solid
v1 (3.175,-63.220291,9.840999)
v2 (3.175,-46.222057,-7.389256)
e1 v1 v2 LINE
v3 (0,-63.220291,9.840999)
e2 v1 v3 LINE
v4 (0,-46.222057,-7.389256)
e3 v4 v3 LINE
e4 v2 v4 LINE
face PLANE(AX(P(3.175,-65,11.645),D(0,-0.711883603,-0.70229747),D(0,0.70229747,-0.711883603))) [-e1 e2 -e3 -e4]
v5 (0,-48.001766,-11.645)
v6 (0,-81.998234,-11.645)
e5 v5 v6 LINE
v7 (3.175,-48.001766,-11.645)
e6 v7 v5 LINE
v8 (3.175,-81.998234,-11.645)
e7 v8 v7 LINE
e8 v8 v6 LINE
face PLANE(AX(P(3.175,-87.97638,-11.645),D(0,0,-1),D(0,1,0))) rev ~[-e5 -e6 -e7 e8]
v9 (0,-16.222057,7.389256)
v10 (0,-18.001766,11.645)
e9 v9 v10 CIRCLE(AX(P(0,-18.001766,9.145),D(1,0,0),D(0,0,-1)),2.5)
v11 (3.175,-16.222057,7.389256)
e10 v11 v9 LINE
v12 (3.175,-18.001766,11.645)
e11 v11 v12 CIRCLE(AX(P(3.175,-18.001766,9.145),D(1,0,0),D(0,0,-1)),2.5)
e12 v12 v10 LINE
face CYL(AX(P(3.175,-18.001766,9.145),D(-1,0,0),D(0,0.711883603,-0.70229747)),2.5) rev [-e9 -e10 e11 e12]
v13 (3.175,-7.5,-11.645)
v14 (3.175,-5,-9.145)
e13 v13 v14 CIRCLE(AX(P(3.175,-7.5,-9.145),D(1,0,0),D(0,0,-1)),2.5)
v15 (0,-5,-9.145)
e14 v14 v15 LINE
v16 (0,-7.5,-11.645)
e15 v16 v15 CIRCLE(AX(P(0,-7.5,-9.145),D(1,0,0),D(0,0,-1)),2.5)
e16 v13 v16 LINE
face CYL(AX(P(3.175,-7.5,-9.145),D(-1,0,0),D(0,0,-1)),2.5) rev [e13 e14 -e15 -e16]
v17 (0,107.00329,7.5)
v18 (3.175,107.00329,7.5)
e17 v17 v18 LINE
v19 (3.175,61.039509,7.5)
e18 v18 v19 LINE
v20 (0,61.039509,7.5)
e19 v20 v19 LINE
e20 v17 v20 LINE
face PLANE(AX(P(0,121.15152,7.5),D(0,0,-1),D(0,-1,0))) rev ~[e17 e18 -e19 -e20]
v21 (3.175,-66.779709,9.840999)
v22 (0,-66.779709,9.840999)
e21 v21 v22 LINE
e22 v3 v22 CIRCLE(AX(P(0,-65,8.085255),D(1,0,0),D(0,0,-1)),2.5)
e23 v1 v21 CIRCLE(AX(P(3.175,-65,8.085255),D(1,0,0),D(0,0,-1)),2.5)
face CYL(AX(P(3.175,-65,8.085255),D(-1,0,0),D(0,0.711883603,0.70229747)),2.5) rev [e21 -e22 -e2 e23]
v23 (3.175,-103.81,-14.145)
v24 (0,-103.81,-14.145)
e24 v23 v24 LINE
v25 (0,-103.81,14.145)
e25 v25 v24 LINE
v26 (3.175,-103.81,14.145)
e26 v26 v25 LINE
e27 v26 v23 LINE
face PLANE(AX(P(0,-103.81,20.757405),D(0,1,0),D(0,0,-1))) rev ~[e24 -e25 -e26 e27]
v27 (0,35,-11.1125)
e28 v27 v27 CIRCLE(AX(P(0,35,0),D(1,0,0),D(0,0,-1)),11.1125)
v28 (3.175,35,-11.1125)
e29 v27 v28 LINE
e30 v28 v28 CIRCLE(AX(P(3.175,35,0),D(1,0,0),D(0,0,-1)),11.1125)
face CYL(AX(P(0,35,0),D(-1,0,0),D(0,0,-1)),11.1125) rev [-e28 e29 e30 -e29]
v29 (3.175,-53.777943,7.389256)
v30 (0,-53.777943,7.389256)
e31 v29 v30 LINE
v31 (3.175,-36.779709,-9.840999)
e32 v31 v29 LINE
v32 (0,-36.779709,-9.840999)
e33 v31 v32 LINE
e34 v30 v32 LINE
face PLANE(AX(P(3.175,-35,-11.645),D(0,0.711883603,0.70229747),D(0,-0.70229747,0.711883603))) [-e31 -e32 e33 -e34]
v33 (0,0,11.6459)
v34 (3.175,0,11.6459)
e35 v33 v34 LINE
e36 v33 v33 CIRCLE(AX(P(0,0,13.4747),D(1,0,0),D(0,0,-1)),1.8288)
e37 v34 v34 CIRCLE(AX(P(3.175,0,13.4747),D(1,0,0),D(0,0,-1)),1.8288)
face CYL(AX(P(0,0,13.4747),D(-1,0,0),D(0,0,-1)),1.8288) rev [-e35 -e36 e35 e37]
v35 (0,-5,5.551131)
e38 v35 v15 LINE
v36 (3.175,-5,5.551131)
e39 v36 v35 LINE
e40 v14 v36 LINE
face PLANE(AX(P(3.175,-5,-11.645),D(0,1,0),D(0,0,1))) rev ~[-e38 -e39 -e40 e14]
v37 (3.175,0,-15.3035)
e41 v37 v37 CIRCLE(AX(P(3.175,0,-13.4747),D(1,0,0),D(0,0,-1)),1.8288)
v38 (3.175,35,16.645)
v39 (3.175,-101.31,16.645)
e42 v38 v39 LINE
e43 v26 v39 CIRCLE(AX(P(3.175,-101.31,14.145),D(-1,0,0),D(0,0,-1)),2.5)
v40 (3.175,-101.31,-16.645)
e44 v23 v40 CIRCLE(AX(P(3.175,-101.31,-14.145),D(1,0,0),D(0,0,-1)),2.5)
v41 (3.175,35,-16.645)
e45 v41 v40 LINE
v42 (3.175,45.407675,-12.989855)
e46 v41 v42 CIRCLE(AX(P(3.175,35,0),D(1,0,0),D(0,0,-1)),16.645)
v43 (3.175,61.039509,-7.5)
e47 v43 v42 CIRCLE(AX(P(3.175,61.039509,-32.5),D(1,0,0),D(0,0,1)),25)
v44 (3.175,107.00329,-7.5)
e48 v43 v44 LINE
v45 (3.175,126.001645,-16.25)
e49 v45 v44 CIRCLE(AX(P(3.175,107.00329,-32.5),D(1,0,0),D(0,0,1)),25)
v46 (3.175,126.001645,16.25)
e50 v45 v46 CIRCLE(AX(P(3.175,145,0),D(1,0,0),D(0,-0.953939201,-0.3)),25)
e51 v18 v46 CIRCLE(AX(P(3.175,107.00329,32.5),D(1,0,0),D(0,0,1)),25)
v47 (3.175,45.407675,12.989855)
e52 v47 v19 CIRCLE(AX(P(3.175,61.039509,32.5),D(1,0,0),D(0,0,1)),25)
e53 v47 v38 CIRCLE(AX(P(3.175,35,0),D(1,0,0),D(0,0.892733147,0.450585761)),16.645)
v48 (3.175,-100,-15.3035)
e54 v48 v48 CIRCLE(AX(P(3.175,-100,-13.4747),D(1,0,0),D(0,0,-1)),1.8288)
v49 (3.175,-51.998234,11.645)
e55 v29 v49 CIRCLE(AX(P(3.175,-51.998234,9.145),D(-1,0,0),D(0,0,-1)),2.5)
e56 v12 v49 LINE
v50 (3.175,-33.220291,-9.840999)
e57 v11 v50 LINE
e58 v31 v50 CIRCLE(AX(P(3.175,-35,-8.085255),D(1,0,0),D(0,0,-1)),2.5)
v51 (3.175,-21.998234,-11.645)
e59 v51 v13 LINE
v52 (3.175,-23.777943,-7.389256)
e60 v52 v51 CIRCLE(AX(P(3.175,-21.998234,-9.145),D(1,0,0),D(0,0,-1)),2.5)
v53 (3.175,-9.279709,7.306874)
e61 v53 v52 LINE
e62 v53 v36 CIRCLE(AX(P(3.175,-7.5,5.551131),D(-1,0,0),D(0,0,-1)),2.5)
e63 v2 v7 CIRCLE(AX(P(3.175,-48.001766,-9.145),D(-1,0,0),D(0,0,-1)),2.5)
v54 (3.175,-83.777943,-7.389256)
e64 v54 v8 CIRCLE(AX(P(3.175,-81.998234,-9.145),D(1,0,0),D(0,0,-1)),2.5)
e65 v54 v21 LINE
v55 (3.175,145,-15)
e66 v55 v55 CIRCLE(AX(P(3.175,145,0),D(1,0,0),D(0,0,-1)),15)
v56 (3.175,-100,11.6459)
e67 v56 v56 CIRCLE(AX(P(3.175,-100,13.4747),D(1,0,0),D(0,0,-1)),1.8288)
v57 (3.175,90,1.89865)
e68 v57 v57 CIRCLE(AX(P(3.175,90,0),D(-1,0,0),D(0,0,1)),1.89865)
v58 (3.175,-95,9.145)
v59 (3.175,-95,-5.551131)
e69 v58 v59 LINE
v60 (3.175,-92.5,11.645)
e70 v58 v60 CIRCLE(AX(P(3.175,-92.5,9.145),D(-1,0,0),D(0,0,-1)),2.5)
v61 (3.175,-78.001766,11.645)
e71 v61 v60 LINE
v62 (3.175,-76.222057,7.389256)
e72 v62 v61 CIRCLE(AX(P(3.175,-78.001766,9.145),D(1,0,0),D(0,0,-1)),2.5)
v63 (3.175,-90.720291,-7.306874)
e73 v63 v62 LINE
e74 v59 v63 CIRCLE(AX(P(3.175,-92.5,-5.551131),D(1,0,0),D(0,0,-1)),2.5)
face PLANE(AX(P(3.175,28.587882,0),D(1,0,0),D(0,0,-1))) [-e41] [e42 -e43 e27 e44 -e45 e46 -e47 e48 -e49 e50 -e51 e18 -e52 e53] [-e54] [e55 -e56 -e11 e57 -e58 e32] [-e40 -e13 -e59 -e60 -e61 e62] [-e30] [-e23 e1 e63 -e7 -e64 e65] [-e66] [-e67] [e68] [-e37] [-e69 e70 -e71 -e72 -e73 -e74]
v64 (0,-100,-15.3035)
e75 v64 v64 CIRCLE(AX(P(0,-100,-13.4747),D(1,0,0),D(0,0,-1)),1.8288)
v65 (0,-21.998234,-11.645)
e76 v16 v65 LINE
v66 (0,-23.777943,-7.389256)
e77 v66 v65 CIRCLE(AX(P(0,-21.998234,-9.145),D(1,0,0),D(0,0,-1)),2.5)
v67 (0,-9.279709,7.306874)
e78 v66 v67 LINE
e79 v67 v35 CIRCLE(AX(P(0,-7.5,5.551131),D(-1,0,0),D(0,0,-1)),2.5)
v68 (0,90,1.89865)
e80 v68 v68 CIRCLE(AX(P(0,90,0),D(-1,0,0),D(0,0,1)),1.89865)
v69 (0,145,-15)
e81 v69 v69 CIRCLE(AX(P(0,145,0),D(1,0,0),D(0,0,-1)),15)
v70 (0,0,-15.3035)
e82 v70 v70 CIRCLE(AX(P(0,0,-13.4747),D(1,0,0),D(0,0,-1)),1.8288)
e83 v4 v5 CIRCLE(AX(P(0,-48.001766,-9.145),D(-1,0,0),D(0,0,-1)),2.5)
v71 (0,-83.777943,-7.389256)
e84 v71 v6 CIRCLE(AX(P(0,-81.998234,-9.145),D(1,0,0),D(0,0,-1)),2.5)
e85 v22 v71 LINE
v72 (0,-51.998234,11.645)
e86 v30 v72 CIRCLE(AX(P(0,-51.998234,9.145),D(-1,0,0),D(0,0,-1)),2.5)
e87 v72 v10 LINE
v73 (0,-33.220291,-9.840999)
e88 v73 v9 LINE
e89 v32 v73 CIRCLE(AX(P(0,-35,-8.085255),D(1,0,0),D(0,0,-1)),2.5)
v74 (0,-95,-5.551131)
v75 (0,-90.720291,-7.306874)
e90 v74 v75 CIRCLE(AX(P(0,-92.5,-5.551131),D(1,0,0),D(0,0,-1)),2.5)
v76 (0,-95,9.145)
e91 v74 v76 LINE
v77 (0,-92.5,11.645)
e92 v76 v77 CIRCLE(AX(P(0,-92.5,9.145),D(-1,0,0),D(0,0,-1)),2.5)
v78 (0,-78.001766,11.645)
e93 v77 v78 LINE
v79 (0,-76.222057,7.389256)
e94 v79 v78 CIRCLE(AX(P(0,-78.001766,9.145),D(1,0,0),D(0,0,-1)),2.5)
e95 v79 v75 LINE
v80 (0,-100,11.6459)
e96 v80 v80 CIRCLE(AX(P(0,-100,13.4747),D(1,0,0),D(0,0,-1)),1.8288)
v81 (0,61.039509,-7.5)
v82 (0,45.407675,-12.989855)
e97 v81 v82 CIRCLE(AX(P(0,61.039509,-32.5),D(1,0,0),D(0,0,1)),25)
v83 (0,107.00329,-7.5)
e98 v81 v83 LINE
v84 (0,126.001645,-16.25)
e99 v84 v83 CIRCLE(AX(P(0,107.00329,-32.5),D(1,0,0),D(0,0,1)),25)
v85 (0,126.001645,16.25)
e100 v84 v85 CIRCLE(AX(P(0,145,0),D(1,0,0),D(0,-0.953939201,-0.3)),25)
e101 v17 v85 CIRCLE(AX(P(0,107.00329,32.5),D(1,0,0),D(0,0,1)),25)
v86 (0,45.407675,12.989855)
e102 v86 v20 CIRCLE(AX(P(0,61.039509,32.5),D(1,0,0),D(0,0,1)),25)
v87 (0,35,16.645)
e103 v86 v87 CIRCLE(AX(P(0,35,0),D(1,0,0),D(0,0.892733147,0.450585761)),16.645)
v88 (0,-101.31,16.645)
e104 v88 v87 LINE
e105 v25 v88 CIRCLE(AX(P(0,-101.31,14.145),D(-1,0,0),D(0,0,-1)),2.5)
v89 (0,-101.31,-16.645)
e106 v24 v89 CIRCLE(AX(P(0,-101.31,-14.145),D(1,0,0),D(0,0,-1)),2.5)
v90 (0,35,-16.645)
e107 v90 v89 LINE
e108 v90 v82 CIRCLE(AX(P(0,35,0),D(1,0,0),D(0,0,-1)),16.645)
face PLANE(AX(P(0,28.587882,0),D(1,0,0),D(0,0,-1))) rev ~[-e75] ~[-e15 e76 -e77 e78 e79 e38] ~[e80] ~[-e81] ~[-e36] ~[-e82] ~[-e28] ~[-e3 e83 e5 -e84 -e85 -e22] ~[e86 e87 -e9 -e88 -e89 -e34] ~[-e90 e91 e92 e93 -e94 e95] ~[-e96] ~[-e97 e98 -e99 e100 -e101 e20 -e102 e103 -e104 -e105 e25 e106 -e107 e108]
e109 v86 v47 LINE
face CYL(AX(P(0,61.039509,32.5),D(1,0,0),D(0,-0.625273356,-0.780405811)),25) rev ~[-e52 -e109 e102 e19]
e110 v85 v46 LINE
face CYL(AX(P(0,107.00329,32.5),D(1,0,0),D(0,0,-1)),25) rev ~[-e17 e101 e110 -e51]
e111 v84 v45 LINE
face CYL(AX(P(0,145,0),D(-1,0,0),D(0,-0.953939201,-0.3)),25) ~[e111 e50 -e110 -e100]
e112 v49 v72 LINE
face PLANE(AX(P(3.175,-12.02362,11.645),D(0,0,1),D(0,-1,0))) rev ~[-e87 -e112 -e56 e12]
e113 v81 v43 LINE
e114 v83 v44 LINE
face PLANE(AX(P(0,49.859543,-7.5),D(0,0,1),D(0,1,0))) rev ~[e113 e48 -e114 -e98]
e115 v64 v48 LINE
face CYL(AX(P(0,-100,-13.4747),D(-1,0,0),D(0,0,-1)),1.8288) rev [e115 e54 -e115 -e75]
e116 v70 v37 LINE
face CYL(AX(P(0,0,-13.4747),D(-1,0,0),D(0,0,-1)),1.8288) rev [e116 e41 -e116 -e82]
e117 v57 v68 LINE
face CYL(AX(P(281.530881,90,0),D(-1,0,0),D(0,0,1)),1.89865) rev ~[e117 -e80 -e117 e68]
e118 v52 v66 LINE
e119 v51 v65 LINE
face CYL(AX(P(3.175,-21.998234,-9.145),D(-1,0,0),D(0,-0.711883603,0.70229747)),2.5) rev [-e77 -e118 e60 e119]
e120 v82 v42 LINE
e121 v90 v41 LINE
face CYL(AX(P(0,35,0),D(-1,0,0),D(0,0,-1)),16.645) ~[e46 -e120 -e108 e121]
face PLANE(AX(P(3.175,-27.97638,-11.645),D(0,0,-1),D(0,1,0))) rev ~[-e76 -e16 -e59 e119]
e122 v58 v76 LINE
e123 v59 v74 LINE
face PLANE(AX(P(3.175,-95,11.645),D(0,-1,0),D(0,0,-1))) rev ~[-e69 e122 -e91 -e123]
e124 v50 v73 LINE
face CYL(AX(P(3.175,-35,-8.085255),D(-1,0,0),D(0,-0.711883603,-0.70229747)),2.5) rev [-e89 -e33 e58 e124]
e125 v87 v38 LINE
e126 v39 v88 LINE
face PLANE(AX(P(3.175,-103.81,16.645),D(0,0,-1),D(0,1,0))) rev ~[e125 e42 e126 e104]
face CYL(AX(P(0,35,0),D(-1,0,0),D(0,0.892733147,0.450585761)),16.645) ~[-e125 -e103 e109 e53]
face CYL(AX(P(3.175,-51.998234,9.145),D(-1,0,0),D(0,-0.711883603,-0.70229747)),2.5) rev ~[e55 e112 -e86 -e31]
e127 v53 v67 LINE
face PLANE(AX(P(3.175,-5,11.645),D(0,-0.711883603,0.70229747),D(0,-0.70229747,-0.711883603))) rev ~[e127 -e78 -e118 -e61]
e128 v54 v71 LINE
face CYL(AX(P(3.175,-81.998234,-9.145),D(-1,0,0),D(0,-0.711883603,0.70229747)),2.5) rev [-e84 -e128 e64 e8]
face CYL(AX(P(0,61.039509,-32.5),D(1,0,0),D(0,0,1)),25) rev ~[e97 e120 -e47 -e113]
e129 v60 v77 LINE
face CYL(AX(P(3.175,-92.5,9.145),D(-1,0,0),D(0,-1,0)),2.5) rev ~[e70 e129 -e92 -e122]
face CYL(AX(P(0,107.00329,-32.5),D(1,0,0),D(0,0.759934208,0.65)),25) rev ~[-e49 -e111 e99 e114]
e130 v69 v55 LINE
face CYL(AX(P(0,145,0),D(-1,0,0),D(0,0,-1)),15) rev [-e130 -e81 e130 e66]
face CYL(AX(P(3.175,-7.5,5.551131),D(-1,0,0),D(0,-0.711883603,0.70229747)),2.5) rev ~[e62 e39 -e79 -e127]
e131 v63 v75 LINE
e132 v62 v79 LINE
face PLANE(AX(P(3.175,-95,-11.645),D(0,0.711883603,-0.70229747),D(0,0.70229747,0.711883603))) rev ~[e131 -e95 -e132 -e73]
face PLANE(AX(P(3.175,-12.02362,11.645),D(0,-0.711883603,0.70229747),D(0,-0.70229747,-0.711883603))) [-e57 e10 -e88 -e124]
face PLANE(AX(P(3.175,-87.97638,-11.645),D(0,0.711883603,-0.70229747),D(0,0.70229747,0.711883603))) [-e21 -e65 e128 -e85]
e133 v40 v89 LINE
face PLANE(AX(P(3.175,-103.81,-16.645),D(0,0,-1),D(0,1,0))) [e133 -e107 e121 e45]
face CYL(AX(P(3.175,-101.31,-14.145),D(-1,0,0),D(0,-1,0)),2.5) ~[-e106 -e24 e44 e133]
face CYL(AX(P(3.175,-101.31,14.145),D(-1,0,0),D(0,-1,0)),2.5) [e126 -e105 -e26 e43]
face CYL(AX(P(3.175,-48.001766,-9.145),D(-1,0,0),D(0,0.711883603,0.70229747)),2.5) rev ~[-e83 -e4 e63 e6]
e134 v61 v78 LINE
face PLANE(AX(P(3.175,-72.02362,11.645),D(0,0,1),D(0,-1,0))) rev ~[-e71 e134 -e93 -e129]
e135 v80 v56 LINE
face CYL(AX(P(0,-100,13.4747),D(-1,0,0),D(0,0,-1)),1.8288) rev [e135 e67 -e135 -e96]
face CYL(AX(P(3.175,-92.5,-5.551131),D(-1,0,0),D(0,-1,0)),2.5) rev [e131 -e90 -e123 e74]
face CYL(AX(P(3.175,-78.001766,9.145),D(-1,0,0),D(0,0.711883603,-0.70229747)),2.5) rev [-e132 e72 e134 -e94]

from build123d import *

# Parameters (mm, degrees)
SKETCH1_R             = 15
SKETCH1_R_2           = 1.8288
SKETCH1_R_3           = 11.1125
BOSS_EXTRUDE1_DEPTH   = 3.175
CUT_EXTRUDE1_REACH    = 173.858
SKETCH2_W             = 4.112404804
SKETCH2_H             = 127.6975
FILLET3_R             = 2.5
FILLET4_R             = 25
F_6_CLEARANCE_HOLE1_D = 3.7973


with BuildPart() as part:
    # Sketch1 → Boss-Extrude1 (new body)
    with BuildSketch(Plane(origin=(0, 0, 0), x_dir=(0, 0, -1), z_dir=(1, 0, 0))):
        with BuildLine():
            Line((20.757404804, -103.81), (20.757404804, -5))
            Line((20.757404804, -5), (16.645, 5.681808734))
            Line((16.645, 5.681808734), (16.645, 35))
            ThreePointArc((16.645, 35), (14.175569213, 43.724062271), (7.5, 49.85954323))
            Line((7.5, 49.85954323), (7.5, 121.151519965))
            ThreePointArc((7.5, 121.151519965), (0, 170), (-7.5, 121.151519965))
            Line((-7.5, 121.151519965), (-7.5, 49.85954323))
            ThreePointArc((-7.5, 49.85954323), (-14.175569213, 43.724062271), (-16.645, 35))
            Line((-16.645, 35), (-16.645, 5.681808734))
            Line((-16.645, 5.681808734), (-20.757404804, -5))
            Line((-20.757404804, -5), (-20.757404804, -103.81))
            Line((-20.757404804, -103.81), (20.757404804, -103.81))
        make_face()
        with Locations((0, 145)):
            Circle(SKETCH1_R, mode=Mode.SUBTRACT)
        with Locations((-13.4747, -100)):
            Circle(SKETCH1_R_2, mode=Mode.SUBTRACT)
        with Locations((13.4747, -100)):
            Circle(SKETCH1_R_2, mode=Mode.SUBTRACT)
        with Locations((-13.4747, 0)):
            Circle(SKETCH1_R_2, mode=Mode.SUBTRACT)
        with Locations((13.4747, 0)):
            Circle(SKETCH1_R_2, mode=Mode.SUBTRACT)
        with Locations((0, 35)):
            Circle(SKETCH1_R_3, mode=Mode.SUBTRACT)
    extrude(amount=BOSS_EXTRUDE1_DEPTH)

    # Sketch2 → Cut-Extrude1 (cut, up to next)
    with BuildSketch(Plane(origin=(3.175, 0, 0), x_dir=(0, 0, -1), z_dir=(1, 0, 0)), mode=Mode.PRIVATE) as cut_extrude1_sk1:
        Polygon((11.645, -5), (-11.645, -5), (11.645, -27.976379872), align=None)
    cut_extrude1_tool1 = extrude(cut_extrude1_sk1.sketch, amount=-CUT_EXTRUDE1_REACH, mode=Mode.PRIVATE) & part.part
    # Sketch2 → Cut-Extrude1 (cut, up to next)
    with BuildSketch(Plane(origin=(3.175, 0, 0), x_dir=(0, 0, -1), z_dir=(1, 0, 0)), mode=Mode.PRIVATE) as cut_extrude1_sk2:
        Polygon((-11.645, -12.023620128), (11.645, -35), (-11.645, -57.976379872), (-11.645, -35), align=None)
    cut_extrude1_tool2 = extrude(cut_extrude1_sk2.sketch, amount=-CUT_EXTRUDE1_REACH, mode=Mode.PRIVATE) & part.part
    # Sketch2 → Cut-Extrude1 (cut, up to next)
    with BuildSketch(Plane(origin=(3.175, 0, 0), x_dir=(0, 0, -1), z_dir=(1, 0, 0)), mode=Mode.PRIVATE) as cut_extrude1_sk3:
        Polygon((-11.645, -72.023620128), (-11.645, -95), (11.645, -95), align=None)
    cut_extrude1_tool3 = extrude(cut_extrude1_sk3.sketch, amount=-CUT_EXTRUDE1_REACH, mode=Mode.PRIVATE) & part.part
    # Sketch2 → Cut-Extrude1 (cut, up to next)
    with BuildSketch(Plane(origin=(3.175, 0, 0), x_dir=(0, 0, -1), z_dir=(1, 0, 0)), mode=Mode.PRIVATE) as cut_extrude1_sk4:
        Polygon((11.645, -42.023620128), (11.645, -65), (11.645, -87.976379872), (-11.645, -65), align=None)
    cut_extrude1_tool4 = extrude(cut_extrude1_sk4.sketch, amount=-CUT_EXTRUDE1_REACH, mode=Mode.PRIVATE) & part.part
    # Sketch2 → Cut-Extrude1 (cut, up to next)
    with BuildSketch(Plane(origin=(3.175, 0, 0), x_dir=(0, 0, -1), z_dir=(1, 0, 0)), mode=Mode.PRIVATE) as cut_extrude1_sk5:
        with Locations((-18.701202402, -39.96125)):
            Rectangle(SKETCH2_W, SKETCH2_H)
    cut_extrude1_tool5 = extrude(cut_extrude1_sk5.sketch, amount=-CUT_EXTRUDE1_REACH, mode=Mode.PRIVATE) & part.part
    # Sketch2 → Cut-Extrude1 (cut, up to next)
    with BuildSketch(Plane(origin=(3.175, 0, 0), x_dir=(0, 0, -1), z_dir=(1, 0, 0)), mode=Mode.PRIVATE) as cut_extrude1_sk6:
        with Locations((18.701202402, -39.96125)):
            Rectangle(SKETCH2_W, SKETCH2_H)
    cut_extrude1_tool6 = extrude(cut_extrude1_sk6.sketch, amount=-CUT_EXTRUDE1_REACH, mode=Mode.PRIVATE) & part.part
    add(cut_extrude1_tool1.solids().sort_by_distance((3.175, -12.658793, -3.881667))[0], mode=Mode.SUBTRACT)
    add(cut_extrude1_tool2.solids().sort_by_distance((3.175, -35, 3.881667))[0], mode=Mode.SUBTRACT)
    add(cut_extrude1_tool3.solids().sort_by_distance((3.175, -87.341207, 3.881667))[0], mode=Mode.SUBTRACT)
    add(cut_extrude1_tool4.solids().sort_by_distance((3.175, -65, -3.881667))[0], mode=Mode.SUBTRACT)
    add(cut_extrude1_tool5.solids().sort_by_distance((3.175, -39.96125, 18.701202))[0], mode=Mode.SUBTRACT)
    add(cut_extrude1_tool6.solids().sort_by_distance((3.175, -39.96125, -18.701202))[0], mode=Mode.SUBTRACT)

    # Fillet3
    fillet3_edges = [part.edges().sort_by_distance(p)[0] for p in [
        (1.5875, -103.81, 16.645),
        (1.5875, -12.023620128, 11.645),
        (1.5875, -35, -11.645),
        (1.5875, -57.976379872, 11.645),
        (1.5875, -103.81, -16.645),
        (1.5875, -72.023620128, 11.645),
        (1.5875, -95, -11.645),
        (1.5875, -95, 11.645),
        (1.5875, -87.976379872, -11.645),
        (1.5875, -65, 11.645),
        (1.5875, -42.023620128, -11.645),
        (1.5875, -27.976379872, -11.645),
        (1.5875, -5, 11.645),
        (1.5875, -5, -11.645),
    ]]
    fillet(fillet3_edges, radius=FILLET3_R)

    # Fillet4
    fillet4_edges = [part.edges().sort_by_distance(p)[0] for p in [
        (1.5875, 49.85954323, 7.5),
        (1.5875, 121.151519965, 7.5),
        (1.5875, 121.151519965, -7.5),
        (1.5875, 49.85954323, -7.5),
    ]]
    fillet(fillet4_edges, radius=FILLET4_R)

    # #6 Clearance Hole1 (through all)
    with Locations(Plane(origin=(3.175, 0, 0), x_dir=(0, 0, -1), z_dir=(1, 0, 0))):
        with Locations((0, 90)):
            Hole(F_6_CLEARANCE_HOLE1_D / 2)


solid = part.part
